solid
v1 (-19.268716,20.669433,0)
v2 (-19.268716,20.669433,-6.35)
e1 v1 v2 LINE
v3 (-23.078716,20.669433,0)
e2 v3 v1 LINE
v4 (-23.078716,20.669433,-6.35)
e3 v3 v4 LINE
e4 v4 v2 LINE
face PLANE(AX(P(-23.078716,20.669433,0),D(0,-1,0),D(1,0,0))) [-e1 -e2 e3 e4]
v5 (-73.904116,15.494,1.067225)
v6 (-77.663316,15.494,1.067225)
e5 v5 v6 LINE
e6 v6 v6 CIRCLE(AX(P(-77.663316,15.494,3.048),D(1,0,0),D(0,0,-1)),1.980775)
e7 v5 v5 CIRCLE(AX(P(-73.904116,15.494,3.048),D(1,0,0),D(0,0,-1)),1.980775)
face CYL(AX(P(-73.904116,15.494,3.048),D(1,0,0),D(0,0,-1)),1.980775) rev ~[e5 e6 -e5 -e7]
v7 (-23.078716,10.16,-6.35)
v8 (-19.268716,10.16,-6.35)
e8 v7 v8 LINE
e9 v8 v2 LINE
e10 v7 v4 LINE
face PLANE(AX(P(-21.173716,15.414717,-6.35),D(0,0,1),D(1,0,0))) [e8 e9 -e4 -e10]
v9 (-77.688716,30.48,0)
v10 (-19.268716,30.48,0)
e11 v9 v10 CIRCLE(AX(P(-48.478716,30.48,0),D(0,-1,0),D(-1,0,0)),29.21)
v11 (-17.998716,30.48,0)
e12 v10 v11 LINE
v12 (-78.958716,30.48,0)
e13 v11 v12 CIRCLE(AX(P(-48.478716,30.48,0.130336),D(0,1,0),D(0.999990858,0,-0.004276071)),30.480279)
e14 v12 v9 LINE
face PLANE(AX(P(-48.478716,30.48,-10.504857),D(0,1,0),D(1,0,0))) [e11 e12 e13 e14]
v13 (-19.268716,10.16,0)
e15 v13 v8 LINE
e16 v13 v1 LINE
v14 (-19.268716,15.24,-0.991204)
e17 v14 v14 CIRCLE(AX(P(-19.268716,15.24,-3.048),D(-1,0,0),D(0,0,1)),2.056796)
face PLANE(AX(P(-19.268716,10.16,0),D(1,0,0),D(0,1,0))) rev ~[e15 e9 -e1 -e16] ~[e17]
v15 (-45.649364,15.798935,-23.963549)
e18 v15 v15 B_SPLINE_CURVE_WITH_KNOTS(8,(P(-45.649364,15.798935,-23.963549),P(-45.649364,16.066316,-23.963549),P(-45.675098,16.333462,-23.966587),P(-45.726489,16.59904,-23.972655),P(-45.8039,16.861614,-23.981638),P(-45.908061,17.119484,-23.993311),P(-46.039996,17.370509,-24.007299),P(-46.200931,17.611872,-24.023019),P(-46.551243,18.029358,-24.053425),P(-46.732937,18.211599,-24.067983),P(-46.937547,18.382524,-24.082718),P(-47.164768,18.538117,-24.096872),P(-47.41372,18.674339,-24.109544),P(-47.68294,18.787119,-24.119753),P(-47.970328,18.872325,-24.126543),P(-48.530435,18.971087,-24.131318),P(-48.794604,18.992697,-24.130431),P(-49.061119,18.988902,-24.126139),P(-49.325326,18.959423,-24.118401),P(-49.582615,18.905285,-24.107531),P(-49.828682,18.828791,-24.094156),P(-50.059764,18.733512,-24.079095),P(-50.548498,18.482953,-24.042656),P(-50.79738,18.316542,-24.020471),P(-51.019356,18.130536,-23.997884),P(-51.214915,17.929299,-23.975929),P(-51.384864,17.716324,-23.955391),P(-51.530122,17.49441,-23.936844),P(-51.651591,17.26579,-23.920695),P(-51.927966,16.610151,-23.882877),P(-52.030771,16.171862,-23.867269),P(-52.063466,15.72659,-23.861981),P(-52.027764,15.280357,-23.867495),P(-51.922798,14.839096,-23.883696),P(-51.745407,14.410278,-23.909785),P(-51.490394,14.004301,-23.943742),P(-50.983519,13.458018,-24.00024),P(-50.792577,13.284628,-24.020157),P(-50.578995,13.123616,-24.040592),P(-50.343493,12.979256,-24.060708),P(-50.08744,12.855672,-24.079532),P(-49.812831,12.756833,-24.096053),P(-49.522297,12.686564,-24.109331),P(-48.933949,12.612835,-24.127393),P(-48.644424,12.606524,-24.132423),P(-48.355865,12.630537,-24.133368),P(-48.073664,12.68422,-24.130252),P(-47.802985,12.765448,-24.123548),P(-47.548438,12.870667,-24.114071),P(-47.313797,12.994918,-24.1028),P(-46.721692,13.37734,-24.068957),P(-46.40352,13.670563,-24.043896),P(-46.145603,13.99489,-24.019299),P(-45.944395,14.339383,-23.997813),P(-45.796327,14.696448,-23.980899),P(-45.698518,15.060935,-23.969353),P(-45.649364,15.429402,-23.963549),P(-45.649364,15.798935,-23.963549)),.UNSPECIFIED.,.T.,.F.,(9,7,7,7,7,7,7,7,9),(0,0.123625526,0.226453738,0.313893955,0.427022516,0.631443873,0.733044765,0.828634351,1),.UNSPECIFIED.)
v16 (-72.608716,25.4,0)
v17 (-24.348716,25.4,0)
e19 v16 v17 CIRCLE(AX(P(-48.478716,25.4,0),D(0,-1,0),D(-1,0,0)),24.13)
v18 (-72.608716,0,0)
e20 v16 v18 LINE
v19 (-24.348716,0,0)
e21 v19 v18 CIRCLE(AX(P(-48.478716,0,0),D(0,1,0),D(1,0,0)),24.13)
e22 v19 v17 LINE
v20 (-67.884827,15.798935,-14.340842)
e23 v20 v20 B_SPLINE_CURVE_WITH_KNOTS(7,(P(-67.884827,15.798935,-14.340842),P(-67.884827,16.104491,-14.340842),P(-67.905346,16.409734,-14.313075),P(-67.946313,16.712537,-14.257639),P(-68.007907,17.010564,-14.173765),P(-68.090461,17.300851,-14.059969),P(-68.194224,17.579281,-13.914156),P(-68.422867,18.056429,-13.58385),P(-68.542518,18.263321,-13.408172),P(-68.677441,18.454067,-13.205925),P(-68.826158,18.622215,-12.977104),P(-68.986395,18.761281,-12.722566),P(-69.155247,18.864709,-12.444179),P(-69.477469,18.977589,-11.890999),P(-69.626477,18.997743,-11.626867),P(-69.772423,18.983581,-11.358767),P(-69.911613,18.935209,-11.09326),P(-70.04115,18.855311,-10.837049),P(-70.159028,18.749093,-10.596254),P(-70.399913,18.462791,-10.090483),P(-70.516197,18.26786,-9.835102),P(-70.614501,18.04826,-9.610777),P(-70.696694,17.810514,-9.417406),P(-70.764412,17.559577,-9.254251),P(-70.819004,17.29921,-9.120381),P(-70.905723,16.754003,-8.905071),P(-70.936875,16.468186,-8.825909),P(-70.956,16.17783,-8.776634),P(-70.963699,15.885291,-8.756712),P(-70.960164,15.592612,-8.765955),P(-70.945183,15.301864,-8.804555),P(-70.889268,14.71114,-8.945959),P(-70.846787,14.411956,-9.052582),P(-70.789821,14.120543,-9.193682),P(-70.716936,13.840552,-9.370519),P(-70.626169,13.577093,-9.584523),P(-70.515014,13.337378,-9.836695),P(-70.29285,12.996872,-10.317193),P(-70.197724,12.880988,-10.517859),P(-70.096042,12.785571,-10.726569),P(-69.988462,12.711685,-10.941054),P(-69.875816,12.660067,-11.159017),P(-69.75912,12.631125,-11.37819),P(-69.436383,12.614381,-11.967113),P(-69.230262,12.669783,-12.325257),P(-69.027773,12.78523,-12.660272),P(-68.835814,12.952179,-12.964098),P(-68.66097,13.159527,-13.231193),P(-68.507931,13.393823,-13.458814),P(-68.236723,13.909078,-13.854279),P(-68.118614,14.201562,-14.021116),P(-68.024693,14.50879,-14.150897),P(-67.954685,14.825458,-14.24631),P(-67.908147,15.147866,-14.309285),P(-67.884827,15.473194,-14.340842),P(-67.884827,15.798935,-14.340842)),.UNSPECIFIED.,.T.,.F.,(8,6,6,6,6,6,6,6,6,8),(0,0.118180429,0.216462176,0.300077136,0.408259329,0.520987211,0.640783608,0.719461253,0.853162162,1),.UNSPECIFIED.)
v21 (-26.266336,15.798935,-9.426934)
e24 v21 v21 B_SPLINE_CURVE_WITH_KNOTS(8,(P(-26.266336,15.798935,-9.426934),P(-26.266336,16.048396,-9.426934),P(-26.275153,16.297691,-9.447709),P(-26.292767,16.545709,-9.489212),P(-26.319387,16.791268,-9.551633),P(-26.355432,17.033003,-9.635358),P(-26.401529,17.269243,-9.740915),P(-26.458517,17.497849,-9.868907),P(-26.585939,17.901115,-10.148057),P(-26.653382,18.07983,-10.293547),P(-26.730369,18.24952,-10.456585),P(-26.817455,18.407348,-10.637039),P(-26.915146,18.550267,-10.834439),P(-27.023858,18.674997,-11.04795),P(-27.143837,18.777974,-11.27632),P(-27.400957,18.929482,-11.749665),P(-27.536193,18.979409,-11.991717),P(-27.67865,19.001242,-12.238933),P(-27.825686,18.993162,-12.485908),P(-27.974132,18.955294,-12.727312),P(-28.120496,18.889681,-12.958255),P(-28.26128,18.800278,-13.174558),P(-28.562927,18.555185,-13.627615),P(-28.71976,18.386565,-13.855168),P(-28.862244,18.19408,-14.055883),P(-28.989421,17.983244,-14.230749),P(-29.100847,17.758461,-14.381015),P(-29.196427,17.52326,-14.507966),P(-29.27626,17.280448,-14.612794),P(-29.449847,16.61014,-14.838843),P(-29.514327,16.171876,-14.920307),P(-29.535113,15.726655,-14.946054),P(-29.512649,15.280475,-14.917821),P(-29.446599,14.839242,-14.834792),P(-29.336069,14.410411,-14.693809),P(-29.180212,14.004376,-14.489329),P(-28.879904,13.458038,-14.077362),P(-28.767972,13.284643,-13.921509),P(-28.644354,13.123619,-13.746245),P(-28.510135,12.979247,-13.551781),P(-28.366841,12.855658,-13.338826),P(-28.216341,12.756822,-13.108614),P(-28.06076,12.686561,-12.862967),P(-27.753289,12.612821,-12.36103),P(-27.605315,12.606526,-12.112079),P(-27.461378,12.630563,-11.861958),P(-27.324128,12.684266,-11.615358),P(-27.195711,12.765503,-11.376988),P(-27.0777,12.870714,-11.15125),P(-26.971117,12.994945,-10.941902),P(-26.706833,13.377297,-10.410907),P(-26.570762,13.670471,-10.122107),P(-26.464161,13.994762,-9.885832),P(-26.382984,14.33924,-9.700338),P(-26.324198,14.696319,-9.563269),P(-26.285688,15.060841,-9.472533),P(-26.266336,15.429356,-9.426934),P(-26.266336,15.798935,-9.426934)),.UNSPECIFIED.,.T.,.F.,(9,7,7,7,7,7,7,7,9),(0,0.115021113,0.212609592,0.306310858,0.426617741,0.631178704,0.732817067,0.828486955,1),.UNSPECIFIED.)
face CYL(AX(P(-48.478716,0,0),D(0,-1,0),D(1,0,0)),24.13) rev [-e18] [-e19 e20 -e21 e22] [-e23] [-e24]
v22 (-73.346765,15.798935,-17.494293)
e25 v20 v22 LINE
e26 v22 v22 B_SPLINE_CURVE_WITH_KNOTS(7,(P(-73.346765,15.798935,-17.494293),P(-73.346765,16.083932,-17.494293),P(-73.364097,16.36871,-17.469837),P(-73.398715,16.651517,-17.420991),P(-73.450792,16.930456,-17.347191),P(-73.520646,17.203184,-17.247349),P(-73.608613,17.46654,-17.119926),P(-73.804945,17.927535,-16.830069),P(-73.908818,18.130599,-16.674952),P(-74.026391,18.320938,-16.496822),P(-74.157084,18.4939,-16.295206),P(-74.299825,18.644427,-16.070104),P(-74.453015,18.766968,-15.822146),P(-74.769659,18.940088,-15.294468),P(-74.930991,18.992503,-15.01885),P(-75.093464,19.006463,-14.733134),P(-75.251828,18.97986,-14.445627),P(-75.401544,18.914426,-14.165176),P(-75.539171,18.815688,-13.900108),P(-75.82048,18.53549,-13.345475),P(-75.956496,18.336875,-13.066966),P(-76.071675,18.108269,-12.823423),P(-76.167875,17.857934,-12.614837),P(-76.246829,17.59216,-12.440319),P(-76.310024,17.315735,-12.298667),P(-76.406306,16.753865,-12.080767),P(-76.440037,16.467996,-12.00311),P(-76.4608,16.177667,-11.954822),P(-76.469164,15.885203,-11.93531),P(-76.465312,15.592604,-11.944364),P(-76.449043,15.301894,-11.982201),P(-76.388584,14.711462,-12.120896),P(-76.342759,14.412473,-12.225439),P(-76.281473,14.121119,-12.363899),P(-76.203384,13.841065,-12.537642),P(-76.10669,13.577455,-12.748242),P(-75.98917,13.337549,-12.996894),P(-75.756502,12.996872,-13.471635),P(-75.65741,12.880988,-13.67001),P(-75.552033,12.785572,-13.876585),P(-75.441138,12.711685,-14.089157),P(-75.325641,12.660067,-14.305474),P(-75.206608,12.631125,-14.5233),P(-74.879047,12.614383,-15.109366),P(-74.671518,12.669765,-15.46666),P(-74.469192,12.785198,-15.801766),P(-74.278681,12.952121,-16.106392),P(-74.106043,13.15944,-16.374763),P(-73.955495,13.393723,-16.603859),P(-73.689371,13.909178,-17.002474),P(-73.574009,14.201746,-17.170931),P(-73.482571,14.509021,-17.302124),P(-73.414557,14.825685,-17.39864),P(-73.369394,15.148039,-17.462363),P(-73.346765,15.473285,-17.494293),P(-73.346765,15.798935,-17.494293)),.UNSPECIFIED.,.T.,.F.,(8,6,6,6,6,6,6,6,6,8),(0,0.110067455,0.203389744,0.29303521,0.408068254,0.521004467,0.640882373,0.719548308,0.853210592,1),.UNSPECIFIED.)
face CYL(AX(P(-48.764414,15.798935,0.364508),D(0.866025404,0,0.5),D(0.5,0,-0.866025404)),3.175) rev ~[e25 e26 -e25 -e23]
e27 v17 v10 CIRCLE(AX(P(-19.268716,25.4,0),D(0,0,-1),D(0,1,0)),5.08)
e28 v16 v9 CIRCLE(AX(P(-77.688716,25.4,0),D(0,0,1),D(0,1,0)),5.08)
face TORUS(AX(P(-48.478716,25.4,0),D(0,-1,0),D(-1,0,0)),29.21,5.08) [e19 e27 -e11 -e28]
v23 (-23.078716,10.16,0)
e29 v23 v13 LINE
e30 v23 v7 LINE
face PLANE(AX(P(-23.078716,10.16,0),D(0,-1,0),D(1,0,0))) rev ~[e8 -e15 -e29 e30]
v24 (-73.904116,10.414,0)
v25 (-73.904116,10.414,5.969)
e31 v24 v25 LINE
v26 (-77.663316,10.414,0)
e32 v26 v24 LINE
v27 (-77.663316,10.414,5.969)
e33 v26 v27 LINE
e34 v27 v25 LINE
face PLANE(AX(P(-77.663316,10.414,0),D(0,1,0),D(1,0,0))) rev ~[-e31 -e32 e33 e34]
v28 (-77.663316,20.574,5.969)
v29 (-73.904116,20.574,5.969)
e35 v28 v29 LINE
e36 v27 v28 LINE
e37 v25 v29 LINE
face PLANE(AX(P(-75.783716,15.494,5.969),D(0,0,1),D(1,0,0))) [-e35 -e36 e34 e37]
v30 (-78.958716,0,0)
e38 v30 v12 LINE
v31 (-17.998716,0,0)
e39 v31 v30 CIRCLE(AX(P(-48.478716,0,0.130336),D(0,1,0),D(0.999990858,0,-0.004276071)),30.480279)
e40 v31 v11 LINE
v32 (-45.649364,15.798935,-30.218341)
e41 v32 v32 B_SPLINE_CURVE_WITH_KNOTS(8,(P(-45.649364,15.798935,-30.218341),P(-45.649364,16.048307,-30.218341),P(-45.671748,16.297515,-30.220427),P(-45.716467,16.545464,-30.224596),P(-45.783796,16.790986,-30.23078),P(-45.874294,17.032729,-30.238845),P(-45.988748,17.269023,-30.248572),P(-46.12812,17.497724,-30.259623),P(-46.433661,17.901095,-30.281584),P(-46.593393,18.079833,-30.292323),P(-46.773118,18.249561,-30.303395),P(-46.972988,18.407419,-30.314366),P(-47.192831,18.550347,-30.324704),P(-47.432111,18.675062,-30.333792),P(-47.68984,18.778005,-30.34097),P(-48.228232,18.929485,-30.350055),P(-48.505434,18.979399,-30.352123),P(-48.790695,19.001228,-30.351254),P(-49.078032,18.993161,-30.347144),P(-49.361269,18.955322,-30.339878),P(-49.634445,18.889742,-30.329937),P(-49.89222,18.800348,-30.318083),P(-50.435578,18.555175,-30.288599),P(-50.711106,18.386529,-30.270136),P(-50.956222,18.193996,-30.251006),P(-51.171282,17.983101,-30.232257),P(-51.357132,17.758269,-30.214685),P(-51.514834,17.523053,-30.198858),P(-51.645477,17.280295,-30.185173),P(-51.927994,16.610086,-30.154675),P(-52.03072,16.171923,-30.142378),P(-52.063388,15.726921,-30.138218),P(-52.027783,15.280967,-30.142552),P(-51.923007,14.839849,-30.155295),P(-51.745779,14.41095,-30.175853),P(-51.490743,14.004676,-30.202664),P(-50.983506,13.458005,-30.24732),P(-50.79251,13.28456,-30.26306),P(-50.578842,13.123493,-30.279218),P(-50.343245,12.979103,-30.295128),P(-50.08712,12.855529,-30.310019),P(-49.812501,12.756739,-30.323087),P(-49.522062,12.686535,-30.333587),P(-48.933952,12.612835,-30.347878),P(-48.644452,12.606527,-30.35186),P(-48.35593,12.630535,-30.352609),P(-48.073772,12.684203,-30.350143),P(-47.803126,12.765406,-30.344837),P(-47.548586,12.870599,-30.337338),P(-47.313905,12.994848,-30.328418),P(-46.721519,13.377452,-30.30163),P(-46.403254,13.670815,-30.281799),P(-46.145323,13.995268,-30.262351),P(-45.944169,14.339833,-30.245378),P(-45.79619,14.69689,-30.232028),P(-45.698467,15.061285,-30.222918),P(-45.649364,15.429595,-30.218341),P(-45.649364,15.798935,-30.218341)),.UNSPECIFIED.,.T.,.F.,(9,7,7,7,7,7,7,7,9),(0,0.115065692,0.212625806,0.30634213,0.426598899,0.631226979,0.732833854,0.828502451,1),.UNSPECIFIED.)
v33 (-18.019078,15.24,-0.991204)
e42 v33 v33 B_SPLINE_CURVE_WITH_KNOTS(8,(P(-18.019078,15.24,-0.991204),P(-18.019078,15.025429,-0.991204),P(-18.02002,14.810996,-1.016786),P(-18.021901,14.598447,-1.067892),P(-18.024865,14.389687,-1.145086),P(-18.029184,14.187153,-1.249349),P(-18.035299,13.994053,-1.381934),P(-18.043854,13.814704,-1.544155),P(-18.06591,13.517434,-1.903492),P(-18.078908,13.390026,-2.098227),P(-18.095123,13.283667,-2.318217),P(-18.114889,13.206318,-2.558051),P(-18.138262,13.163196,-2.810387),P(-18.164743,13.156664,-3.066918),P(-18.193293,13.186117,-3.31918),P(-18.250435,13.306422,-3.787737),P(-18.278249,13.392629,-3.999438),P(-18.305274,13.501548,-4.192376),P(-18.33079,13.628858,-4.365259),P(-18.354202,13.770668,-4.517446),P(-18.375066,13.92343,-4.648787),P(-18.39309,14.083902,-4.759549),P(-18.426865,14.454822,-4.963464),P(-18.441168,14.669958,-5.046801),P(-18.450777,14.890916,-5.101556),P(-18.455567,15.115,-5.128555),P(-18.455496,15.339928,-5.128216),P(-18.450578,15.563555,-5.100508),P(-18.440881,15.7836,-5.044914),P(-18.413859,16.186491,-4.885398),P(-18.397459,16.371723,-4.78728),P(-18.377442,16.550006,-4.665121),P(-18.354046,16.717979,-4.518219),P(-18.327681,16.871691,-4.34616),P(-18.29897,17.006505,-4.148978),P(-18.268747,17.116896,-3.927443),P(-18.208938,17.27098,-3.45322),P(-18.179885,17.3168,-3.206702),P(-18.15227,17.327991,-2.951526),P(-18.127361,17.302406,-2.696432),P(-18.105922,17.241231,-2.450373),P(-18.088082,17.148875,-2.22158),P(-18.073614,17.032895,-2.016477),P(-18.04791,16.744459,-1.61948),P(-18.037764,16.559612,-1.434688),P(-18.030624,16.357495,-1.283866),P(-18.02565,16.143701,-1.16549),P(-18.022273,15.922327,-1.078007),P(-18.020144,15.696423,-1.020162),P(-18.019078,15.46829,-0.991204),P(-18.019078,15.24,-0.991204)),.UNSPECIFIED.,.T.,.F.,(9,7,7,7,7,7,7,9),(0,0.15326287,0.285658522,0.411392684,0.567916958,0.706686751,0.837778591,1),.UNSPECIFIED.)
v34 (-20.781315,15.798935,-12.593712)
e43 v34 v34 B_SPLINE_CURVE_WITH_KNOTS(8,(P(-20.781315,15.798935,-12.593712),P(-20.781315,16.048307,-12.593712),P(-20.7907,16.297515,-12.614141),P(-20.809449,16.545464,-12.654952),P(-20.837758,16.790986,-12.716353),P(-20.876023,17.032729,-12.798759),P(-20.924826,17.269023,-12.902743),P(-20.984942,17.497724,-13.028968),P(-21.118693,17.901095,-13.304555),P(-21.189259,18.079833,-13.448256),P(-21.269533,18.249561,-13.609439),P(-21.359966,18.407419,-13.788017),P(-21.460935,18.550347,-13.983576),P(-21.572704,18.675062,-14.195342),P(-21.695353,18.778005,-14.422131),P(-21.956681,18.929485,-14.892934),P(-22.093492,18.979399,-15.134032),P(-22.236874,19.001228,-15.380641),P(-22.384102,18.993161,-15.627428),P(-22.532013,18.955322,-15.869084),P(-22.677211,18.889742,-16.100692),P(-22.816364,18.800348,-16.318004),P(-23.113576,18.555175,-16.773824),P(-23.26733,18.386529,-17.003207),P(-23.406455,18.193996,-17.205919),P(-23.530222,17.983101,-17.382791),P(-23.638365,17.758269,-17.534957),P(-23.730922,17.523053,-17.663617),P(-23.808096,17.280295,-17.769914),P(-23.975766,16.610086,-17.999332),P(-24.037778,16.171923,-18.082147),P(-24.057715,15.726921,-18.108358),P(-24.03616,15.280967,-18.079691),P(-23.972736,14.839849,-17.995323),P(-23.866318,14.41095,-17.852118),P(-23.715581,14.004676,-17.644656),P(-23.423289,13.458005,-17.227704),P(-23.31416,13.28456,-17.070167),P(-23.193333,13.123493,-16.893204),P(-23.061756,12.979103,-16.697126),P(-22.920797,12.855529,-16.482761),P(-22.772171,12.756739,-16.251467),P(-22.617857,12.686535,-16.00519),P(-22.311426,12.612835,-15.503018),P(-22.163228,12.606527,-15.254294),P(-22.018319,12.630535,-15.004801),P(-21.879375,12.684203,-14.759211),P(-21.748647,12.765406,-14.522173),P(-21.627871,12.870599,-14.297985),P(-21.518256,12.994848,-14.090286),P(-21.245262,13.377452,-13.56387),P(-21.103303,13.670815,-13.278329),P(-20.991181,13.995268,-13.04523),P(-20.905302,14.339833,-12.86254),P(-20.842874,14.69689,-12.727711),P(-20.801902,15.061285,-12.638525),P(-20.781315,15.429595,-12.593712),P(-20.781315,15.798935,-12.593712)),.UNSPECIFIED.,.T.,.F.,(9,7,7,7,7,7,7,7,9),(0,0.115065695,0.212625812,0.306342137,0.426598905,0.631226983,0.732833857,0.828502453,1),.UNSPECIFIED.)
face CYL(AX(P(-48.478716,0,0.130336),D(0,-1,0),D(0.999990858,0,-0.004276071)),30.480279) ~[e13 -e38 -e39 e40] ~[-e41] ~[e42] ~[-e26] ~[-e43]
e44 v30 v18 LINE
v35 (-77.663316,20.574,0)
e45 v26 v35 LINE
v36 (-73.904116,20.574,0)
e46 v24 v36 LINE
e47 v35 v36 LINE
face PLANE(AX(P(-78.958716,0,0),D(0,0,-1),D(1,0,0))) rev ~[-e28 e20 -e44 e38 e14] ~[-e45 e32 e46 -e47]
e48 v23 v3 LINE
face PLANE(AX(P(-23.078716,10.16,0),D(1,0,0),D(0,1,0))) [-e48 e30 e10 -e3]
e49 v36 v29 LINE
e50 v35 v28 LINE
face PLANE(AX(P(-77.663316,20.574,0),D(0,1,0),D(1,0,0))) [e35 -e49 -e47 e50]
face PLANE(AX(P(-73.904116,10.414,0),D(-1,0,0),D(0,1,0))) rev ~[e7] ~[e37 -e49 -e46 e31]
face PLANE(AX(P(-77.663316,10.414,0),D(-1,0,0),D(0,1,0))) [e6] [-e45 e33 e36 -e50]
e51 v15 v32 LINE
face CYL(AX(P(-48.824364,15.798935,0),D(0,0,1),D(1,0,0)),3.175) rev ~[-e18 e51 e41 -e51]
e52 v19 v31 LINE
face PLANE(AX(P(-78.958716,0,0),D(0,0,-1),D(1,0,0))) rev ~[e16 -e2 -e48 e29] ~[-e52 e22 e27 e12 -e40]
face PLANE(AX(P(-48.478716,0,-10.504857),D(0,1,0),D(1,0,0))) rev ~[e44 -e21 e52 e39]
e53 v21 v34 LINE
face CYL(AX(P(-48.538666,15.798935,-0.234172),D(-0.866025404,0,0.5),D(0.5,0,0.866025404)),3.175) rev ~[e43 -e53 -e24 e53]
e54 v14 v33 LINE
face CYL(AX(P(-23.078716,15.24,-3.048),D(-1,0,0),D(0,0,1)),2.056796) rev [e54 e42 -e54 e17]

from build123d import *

# Parameters (mm, degrees)
BOSS_EXTRUDE1_DEPTH = 30.48
SKETCH3_R           = 24.13
CUT_EXTRUDE4_DEPTH  = 90.914560616
SKETCH4_R           = 3.175
CUT_EXTRUDE5_DEPTH  = 63.754
CIRPATTERN3_COUNT   = 6
SKETCH6_W           = 3.81
SKETCH6_H           = 10.509433013
CUT_EXTRUDE6_DEPTH  = 6.35
SKETCH7_W           = 3.7592
SKETCH7_H           = 10.16
BOSS_EXTRUDE4_DEPTH = 5.969
SKETCH8_R           = 1.980775352
CUT_EXTRUDE7_DEPTH  = 5.969
SKETCH9_R           = 2.056796453
CUT_EXTRUDE8_DEPTH  = 12.319
FILLET4_R           = 5.08


with BuildPart() as part:
    # Sketch1 → Boss-Extrude1 (new body)
    with BuildSketch(Plane(origin=(0, 0, 0), x_dir=(1, 0, 0), z_dir=(0, 1, 0))):
        with BuildLine():
            Line((-78.958715675, 0), (-17.998715675, 0))
            ThreePointArc((-17.998715675, 0), (-48.478715675, 30.349942827), (-78.958715675, 0))
        make_face()
    extrude(amount=BOSS_EXTRUDE1_DEPTH)

    # Sketch3 → Cut-Extrude4 (cut, through all)
    with BuildSketch(Plane(origin=(0, 0, 0), x_dir=(1, 0, 0), z_dir=(0, 1, 0))):
        with Locations((-48.478715675, 0)):
            Circle(SKETCH3_R)
    extrude(amount=CUT_EXTRUDE4_DEPTH, mode=Mode.SUBTRACT)

    # Sketch4 → Cut-Extrude5 (cut)
    with BuildSketch(Plane.XY):
        with Locations((-48.824364134, 15.798935299)):
            Circle(SKETCH4_R)
    cut_extrude5 = extrude(amount=-CUT_EXTRUDE5_DEPTH, mode=Mode.SUBTRACT)

    # CirPattern3: Cut-Extrude5 ×6 about axis
    cirpattern3_axis = Axis((-48.478715675, 30.48, 0.130335837), (0, -1, 0))
    for i in range(1, CIRPATTERN3_COUNT):
        add(cut_extrude5.rotate(cirpattern3_axis, i * 360 / CIRPATTERN3_COUNT), mode=Mode.SUBTRACT)

    # Sketch6 → Cut-Extrude6 (cut)
    with BuildSketch(Plane.XY):
        with Locations((-21.173715675, 15.414716507)):
            Rectangle(SKETCH6_W, SKETCH6_H)
    extrude(amount=-CUT_EXTRUDE6_DEPTH, mode=Mode.SUBTRACT)

    # Sketch7 → Boss-Extrude4 (add)
    with BuildSketch(Plane.XY):
        with Locations((-75.783715675, 15.494)):
            Rectangle(SKETCH7_W, SKETCH7_H)
    extrude(amount=BOSS_EXTRUDE4_DEPTH)

    # Sketch8 → Cut-Extrude7 (cut)
    with BuildSketch(Plane(origin=(-73.904115675, 0, 0), x_dir=(0, 0, -1), z_dir=(1, 0, 0))):
        with Locations((-3.048, 15.494)):
            Circle(SKETCH8_R)
    extrude(amount=-CUT_EXTRUDE7_DEPTH, mode=Mode.SUBTRACT)

    # Sketch9 → Cut-Extrude8 (cut)
    with BuildSketch(Plane(origin=(-23.078715675, 0, 0), x_dir=(0, 0, -1), z_dir=(1, 0, 0))):
        with Locations(Location((3.048, 15.24, 0), (0, 0, 180))):
            Circle(SKETCH9_R)
    extrude(amount=CUT_EXTRUDE8_DEPTH, mode=Mode.SUBTRACT)

    # Fillet4
    fillet4_edges = [part.edges().sort_by_distance(p)[0] for p in [
        (-48.478715675, 30.48, -24.13),
    ]]
    fillet(fillet4_edges, radius=FILLET4_R)


solid = part.part
